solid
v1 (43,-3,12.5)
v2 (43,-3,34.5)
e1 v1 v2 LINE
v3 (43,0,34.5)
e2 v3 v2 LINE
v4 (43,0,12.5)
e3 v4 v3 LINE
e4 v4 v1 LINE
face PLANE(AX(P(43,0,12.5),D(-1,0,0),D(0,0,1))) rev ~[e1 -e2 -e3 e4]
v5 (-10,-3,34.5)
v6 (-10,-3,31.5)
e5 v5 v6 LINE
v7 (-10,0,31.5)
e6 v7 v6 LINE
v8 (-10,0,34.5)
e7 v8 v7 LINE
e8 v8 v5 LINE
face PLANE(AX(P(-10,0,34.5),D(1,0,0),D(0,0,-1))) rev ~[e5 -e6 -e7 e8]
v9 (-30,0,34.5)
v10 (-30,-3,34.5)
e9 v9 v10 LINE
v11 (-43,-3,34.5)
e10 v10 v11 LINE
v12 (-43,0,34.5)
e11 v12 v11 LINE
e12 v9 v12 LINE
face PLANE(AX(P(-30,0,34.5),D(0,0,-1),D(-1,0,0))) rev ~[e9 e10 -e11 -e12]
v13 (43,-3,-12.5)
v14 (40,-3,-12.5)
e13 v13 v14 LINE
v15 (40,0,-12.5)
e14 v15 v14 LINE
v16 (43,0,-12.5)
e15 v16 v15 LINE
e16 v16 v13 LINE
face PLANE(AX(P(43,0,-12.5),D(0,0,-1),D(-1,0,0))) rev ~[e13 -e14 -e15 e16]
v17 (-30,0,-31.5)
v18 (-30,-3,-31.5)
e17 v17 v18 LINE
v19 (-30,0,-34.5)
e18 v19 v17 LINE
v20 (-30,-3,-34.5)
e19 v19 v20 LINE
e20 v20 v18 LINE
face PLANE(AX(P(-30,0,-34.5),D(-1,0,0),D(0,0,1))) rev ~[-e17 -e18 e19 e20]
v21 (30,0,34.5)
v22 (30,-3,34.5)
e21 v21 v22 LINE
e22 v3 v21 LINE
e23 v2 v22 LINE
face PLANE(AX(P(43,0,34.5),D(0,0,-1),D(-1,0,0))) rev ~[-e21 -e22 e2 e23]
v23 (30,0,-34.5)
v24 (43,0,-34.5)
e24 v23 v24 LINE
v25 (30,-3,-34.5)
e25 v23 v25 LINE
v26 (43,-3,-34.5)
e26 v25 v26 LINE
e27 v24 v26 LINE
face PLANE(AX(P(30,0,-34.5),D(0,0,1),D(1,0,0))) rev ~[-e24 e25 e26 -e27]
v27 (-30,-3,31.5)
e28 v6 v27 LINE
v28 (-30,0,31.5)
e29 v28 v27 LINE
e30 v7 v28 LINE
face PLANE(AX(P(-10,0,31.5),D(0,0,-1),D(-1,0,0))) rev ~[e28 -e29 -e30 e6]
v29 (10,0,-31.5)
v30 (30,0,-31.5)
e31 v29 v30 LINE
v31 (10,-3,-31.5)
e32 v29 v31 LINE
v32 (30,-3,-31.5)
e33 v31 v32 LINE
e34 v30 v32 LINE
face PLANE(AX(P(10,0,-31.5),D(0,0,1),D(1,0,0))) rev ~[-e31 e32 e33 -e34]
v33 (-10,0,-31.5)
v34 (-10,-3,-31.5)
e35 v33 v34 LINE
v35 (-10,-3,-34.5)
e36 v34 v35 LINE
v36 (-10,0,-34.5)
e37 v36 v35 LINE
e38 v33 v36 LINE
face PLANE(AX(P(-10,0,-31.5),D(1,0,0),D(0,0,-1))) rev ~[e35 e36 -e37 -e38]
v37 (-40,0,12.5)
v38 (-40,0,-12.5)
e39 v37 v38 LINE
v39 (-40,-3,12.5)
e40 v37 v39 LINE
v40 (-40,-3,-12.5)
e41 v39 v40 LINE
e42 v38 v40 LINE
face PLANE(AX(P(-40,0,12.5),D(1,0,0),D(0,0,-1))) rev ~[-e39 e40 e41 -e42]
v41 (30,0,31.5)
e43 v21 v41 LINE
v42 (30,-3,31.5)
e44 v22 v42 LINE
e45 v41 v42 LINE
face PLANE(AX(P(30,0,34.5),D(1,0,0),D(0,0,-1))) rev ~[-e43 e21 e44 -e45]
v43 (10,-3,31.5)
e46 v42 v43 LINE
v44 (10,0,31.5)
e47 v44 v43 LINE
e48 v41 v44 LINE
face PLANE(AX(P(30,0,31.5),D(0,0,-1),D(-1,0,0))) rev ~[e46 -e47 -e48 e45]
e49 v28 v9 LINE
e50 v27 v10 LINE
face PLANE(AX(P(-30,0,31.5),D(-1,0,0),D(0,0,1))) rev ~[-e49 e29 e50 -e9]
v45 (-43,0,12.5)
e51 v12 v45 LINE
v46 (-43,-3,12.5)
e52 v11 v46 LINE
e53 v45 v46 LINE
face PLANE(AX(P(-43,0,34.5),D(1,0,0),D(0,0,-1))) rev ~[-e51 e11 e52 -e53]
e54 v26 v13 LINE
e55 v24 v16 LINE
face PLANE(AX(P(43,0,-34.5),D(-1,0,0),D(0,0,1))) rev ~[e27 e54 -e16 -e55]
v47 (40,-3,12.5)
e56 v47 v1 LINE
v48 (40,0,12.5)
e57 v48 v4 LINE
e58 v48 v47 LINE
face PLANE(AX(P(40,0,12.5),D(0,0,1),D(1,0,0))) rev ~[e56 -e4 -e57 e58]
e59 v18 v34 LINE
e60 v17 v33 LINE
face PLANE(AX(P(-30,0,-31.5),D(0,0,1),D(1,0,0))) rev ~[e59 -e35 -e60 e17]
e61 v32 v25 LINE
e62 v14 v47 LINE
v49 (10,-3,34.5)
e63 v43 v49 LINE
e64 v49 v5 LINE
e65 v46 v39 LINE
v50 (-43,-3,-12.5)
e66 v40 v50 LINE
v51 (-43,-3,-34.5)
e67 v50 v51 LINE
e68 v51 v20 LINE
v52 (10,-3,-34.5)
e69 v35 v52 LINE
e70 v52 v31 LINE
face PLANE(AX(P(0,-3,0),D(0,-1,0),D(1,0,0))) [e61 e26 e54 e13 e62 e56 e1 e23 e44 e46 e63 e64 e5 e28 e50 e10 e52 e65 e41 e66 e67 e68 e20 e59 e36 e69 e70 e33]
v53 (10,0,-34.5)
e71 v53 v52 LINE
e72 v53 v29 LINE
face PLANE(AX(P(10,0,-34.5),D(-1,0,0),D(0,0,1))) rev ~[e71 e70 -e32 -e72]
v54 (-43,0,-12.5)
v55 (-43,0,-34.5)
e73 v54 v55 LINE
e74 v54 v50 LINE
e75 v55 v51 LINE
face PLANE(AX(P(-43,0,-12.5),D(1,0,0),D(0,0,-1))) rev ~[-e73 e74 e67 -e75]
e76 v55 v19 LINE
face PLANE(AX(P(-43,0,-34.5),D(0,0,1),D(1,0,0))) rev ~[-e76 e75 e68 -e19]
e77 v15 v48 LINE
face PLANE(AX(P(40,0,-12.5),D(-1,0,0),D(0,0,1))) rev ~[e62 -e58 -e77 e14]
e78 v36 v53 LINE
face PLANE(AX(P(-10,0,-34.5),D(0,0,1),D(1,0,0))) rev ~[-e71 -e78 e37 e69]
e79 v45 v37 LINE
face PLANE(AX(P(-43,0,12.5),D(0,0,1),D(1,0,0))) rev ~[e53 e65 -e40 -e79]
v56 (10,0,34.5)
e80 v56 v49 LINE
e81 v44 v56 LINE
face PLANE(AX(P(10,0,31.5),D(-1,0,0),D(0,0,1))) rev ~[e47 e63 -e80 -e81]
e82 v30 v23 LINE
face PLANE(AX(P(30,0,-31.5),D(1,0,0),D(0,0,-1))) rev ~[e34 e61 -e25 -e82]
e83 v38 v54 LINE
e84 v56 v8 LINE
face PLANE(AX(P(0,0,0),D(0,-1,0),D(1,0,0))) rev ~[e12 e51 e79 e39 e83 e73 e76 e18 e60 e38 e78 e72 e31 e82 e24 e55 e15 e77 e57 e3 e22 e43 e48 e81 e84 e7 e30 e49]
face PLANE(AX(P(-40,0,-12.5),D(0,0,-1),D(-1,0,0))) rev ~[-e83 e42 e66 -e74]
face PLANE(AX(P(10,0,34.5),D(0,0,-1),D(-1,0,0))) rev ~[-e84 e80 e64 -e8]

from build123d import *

# Parameters (mm, degrees)
F1_DEPTH = 3


with BuildPart() as f1:
    # F0 (on Front) → F1 (new body)
    with BuildSketch(Plane.XZ):
        Polygon((10, 34.5), (0, 34.5), (-10, 34.5), (-10, 31.5), (-30, 31.5), (-30, 34.5), (-43, 34.5), (-43, 12.5), (-40, 12.5), (-40, 0), (-40, -12.5), (-43, -12.5), (-43, -34.5), (-30, -34.5), (-30, -31.5), (-10, -31.5), (-10, -34.5), (0, -34.5), (10, -34.5), (10, -31.5), (30, -31.5), (30, -34.5), (43, -34.5), (43, -12.5), (40, -12.5), (40, 0), (40, 12.5), (43, 12.5), (43, 34.5), (30, 34.5), (30, 31.5), (10, 31.5), align=None)
    extrude(amount=F1_DEPTH)


solid = f1.part
